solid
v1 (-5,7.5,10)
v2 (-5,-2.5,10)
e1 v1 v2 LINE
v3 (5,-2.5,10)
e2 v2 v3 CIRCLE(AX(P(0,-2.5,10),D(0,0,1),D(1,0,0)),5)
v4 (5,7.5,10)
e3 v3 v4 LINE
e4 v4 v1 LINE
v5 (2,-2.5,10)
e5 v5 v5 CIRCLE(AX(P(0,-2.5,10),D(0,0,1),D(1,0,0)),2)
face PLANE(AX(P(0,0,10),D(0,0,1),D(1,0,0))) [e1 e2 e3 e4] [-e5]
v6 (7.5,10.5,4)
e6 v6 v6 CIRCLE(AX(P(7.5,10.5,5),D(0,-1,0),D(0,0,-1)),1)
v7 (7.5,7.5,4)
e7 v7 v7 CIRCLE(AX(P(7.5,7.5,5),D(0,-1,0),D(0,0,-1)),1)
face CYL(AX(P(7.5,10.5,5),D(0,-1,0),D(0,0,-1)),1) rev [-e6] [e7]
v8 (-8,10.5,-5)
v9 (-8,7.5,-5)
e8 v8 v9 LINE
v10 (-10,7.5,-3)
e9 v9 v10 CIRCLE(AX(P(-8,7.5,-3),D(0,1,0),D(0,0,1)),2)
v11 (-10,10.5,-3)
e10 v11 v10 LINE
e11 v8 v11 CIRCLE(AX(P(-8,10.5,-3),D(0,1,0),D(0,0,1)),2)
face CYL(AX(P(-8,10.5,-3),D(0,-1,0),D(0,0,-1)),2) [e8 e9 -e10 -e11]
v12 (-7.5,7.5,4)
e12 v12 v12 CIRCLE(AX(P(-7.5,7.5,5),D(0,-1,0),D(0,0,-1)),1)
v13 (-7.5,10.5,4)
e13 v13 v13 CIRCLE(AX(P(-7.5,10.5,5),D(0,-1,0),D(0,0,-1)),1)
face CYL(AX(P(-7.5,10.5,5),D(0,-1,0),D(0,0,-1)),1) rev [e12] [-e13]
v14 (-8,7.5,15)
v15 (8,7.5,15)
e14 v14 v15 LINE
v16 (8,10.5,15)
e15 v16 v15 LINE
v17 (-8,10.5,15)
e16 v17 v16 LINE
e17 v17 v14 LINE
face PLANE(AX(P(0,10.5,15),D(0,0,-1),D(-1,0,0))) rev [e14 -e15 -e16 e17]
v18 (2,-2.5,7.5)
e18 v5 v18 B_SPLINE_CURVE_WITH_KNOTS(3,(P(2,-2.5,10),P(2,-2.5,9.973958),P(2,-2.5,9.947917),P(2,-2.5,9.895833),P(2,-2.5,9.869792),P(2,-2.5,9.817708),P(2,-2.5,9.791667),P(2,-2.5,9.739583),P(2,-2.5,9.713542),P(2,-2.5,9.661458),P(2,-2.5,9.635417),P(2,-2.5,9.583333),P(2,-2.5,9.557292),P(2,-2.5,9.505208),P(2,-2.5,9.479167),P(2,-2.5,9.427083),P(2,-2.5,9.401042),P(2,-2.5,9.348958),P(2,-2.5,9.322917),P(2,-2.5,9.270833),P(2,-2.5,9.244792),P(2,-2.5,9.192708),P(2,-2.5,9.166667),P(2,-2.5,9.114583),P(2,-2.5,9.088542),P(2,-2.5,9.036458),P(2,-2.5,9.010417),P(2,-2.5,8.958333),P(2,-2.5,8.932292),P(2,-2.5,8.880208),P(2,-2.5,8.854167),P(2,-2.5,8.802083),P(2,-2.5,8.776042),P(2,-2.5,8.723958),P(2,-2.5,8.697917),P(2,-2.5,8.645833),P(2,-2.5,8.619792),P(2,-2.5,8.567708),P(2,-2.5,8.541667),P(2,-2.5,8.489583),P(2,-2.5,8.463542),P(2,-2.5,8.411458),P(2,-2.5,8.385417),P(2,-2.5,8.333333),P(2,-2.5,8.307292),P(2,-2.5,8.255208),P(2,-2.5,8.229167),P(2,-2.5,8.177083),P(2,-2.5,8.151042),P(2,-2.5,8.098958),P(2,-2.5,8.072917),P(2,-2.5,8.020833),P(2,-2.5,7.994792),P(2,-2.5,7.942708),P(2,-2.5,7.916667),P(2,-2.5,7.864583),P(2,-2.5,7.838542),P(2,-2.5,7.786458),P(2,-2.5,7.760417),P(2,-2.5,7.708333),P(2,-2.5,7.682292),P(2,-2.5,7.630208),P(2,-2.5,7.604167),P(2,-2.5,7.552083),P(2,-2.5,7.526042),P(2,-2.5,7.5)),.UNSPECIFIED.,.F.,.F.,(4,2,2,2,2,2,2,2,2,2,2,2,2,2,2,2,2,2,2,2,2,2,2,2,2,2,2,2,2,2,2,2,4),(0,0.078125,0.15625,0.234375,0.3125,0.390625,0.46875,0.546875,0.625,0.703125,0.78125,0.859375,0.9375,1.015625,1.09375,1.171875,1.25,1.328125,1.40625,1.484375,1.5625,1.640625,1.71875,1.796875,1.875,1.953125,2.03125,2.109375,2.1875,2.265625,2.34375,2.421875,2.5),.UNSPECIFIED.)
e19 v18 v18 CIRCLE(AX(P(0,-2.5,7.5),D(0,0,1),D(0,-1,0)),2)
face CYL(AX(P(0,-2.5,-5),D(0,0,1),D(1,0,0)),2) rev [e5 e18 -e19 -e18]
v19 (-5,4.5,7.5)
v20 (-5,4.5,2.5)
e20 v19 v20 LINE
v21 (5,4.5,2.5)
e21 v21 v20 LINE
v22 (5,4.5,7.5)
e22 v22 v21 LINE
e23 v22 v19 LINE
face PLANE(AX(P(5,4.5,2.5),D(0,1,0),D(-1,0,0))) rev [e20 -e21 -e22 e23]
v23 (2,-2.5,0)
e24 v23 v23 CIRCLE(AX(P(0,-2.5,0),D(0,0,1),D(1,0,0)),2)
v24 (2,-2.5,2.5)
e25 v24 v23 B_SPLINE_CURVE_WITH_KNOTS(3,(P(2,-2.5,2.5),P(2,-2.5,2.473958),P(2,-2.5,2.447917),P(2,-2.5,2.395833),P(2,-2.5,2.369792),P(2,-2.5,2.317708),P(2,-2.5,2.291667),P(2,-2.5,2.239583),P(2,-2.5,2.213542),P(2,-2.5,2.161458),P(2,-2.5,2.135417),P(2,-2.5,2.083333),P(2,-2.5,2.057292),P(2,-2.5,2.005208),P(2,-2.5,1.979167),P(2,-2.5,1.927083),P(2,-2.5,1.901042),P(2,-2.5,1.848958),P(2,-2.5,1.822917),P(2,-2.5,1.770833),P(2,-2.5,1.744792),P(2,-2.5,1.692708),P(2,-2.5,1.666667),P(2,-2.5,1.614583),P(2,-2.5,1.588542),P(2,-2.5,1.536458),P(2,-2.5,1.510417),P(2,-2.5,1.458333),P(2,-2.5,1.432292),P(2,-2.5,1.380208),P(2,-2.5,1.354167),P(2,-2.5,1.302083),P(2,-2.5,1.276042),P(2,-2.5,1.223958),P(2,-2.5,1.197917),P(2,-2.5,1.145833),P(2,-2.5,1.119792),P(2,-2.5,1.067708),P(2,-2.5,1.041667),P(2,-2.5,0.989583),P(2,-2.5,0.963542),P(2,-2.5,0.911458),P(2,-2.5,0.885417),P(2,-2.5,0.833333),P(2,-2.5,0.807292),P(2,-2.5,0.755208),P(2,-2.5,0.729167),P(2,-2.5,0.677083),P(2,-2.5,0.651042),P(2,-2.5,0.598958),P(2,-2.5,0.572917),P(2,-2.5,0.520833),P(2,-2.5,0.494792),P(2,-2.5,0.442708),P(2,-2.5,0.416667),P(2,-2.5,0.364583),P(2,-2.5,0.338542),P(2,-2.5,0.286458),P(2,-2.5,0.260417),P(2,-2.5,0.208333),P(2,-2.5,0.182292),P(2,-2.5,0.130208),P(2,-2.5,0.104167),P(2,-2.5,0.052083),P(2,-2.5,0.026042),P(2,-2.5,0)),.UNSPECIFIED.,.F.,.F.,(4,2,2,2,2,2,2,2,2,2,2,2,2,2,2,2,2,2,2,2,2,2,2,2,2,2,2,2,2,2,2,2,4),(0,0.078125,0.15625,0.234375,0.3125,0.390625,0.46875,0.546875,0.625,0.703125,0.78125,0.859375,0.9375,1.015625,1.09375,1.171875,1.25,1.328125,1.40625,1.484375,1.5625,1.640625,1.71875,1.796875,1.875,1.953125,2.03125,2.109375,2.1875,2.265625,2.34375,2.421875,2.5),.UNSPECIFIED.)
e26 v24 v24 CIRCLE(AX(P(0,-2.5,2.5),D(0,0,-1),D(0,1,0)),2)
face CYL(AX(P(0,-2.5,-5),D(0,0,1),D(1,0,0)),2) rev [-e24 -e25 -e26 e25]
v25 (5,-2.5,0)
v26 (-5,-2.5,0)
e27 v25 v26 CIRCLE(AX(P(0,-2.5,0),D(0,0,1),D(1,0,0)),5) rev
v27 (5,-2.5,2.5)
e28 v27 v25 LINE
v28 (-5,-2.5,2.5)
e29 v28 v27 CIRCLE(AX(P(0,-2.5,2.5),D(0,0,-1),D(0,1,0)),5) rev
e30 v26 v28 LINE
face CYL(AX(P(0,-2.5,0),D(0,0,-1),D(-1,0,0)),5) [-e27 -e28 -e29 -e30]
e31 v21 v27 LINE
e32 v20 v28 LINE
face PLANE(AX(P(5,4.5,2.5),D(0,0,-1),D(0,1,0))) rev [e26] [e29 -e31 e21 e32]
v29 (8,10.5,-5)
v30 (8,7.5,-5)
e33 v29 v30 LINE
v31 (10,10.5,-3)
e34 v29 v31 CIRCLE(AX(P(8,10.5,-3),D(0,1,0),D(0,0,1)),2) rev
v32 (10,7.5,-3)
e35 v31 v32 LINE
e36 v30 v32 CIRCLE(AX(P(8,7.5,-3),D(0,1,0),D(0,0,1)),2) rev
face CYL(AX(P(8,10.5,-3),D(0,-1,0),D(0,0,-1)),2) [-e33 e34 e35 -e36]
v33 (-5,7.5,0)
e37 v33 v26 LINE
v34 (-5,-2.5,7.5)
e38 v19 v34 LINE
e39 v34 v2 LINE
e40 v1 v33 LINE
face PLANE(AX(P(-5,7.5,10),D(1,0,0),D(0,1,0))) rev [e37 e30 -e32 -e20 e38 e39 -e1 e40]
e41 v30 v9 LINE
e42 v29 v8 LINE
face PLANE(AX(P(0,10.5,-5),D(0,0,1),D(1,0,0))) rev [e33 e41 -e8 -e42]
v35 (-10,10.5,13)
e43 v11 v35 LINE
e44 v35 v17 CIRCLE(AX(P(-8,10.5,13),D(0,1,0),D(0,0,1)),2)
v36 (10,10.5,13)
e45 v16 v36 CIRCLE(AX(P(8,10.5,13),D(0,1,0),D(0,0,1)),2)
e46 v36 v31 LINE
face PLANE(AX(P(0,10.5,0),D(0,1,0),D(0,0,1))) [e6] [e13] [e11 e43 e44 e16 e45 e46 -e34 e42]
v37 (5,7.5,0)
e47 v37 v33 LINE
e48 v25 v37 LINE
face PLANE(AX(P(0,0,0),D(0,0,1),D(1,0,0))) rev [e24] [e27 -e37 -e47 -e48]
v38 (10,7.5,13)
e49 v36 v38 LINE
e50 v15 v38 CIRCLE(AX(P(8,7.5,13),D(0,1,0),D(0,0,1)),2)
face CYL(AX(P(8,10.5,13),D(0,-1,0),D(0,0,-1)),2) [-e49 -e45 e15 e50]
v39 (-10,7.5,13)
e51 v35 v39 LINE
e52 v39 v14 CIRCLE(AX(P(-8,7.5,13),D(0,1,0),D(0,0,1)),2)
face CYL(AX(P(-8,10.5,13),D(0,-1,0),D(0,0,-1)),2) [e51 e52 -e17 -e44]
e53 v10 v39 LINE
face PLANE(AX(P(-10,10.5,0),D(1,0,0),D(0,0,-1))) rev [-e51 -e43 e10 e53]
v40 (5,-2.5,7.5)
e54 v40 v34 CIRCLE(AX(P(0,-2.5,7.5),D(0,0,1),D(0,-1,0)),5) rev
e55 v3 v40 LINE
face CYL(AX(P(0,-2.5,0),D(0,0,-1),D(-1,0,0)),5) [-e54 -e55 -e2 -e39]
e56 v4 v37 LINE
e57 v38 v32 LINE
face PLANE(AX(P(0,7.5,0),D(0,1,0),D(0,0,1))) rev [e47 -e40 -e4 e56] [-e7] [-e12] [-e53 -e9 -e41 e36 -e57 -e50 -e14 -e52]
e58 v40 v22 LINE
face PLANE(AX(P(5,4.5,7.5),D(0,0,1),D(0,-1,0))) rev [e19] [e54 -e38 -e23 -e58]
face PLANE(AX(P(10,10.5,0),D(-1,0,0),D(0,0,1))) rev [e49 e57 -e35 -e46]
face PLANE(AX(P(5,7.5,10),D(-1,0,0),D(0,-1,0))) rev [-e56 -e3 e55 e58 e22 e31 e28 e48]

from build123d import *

# Parameters (mm, degrees)
ESQUISSE1_W             = 10
ESQUISSE1_H             = 15
BOSS_EXTRU_1_DEPTH      = 10
CONG_1_RADIUS           = 5
CONG_1_LENGTH           = 10
ESQUISSE3_W             = 5
ESQUISSE3_H             = 12
ENL_V_MAT_EXTRU_1_DEPTH = 10
ESQUISSE4_W             = 10
ESQUISSE4_H             = 10
BOSS_EXTRU_2_DEPTH      = 3
ESQUISSE5_R             = 1
ENL_V_MAT_EXTRU_2_DEPTH = 3
ESQUISSE6_R             = 2
ENL_V_MAT_EXTRU_3_DEPTH = 21.862646045


with BuildPart() as part:
    # Esquisse1 → Boss.-Extru.1 (new body)
    with BuildSketch(Plane.XY):
        Rectangle(ESQUISSE1_W, ESQUISSE1_H)
    extrude(amount=BOSS_EXTRU_1_DEPTH)

    # Congé1: full round fillet: the end face becomes a half cylinder, R = half its width
    cong_1_face = Plane((0, -7.5, 5), x_dir=(0, 0, 1), z_dir=(0, -1, 0))  # on the end face: x along it, z out of the body
    cong_1_slab = cong_1_face.offset(-CONG_1_RADIUS / 2) * Box(CONG_1_LENGTH, 2 * CONG_1_RADIUS, CONG_1_RADIUS, mode=Mode.PRIVATE)  # the body's end, R deep
    cong_1_round = Plane((0, -2.5, 5), x_dir=(0, -1, 0), z_dir=(0, 0, 1)) * Cylinder(CONG_1_RADIUS, CONG_1_LENGTH, mode=Mode.PRIVATE)  # its axis R under the face
    add(cong_1_slab - cong_1_round, mode=Mode.SUBTRACT)

    # Esquisse3 → Enlèv. mat.-Extru.1 (cut)
    with BuildSketch(Plane.ZY.offset(5)):
        with Locations((5, -1.5)):
            Rectangle(ESQUISSE3_W, ESQUISSE3_H)
    extrude(amount=-ENL_V_MAT_EXTRU_1_DEPTH, mode=Mode.SUBTRACT)

    # Esquisse4 → Boss.-Extru.2 (add)
    # profile 1 of 2: a face of its own
    with BuildSketch(Plane(origin=(0, 7.5, 0), x_dir=(1, 0, 0), z_dir=(0, 1, 0))):
        with BuildLine():
            Line((8, 5), (-8, 5))
            ThreePointArc((-8, 5), (-9.414213562, 4.414213562), (-10, 3))
            Line((-10, 3), (-10, -13))
            ThreePointArc((-10, -13), (-9.414213562, -14.414213562), (-8, -15))
            Line((-8, -15), (8, -15))
            ThreePointArc((8, -15), (9.414213562, -14.414213562), (10, -13))
            Line((10, -13), (10, 3))
            ThreePointArc((10, 3), (9.414213562, 4.414213562), (8, 5))
        make_face()
        with Locations((0, -5)):
            Rectangle(ESQUISSE4_W, ESQUISSE4_H, mode=Mode.SUBTRACT)
    # profile 2 of 2: a face of its own
    with BuildSketch(Plane(origin=(0, 7.5, 0), x_dir=(1, 0, 0), z_dir=(0, 1, 0))):
        with Locations((0, -5)):
            Rectangle(ESQUISSE4_W, ESQUISSE4_H)
    extrude(amount=BOSS_EXTRU_2_DEPTH)

    # Esquisse5 → Enlèv. mat.-Extru.2 (cut)
    with BuildSketch(Plane.XZ.offset(-7.5)):
        with Locations(Location((-7.5, 5, 0), (0, 0, 270))):
            Circle(ESQUISSE5_R)
        with Locations(Location((7.5, 5, 0), (0, 0, 270))):
            Circle(ESQUISSE5_R)
    extrude(amount=-ENL_V_MAT_EXTRU_2_DEPTH, mode=Mode.SUBTRACT)

    # Esquisse6 → Enlèv. mat.-Extru.3 (cut, through all)
    with BuildSketch(Plane.XY.offset(10)):
        with Locations((0, -2.5)):
            Circle(ESQUISSE6_R)
    extrude(amount=-ENL_V_MAT_EXTRU_3_DEPTH, mode=Mode.SUBTRACT)


solid = part.part
